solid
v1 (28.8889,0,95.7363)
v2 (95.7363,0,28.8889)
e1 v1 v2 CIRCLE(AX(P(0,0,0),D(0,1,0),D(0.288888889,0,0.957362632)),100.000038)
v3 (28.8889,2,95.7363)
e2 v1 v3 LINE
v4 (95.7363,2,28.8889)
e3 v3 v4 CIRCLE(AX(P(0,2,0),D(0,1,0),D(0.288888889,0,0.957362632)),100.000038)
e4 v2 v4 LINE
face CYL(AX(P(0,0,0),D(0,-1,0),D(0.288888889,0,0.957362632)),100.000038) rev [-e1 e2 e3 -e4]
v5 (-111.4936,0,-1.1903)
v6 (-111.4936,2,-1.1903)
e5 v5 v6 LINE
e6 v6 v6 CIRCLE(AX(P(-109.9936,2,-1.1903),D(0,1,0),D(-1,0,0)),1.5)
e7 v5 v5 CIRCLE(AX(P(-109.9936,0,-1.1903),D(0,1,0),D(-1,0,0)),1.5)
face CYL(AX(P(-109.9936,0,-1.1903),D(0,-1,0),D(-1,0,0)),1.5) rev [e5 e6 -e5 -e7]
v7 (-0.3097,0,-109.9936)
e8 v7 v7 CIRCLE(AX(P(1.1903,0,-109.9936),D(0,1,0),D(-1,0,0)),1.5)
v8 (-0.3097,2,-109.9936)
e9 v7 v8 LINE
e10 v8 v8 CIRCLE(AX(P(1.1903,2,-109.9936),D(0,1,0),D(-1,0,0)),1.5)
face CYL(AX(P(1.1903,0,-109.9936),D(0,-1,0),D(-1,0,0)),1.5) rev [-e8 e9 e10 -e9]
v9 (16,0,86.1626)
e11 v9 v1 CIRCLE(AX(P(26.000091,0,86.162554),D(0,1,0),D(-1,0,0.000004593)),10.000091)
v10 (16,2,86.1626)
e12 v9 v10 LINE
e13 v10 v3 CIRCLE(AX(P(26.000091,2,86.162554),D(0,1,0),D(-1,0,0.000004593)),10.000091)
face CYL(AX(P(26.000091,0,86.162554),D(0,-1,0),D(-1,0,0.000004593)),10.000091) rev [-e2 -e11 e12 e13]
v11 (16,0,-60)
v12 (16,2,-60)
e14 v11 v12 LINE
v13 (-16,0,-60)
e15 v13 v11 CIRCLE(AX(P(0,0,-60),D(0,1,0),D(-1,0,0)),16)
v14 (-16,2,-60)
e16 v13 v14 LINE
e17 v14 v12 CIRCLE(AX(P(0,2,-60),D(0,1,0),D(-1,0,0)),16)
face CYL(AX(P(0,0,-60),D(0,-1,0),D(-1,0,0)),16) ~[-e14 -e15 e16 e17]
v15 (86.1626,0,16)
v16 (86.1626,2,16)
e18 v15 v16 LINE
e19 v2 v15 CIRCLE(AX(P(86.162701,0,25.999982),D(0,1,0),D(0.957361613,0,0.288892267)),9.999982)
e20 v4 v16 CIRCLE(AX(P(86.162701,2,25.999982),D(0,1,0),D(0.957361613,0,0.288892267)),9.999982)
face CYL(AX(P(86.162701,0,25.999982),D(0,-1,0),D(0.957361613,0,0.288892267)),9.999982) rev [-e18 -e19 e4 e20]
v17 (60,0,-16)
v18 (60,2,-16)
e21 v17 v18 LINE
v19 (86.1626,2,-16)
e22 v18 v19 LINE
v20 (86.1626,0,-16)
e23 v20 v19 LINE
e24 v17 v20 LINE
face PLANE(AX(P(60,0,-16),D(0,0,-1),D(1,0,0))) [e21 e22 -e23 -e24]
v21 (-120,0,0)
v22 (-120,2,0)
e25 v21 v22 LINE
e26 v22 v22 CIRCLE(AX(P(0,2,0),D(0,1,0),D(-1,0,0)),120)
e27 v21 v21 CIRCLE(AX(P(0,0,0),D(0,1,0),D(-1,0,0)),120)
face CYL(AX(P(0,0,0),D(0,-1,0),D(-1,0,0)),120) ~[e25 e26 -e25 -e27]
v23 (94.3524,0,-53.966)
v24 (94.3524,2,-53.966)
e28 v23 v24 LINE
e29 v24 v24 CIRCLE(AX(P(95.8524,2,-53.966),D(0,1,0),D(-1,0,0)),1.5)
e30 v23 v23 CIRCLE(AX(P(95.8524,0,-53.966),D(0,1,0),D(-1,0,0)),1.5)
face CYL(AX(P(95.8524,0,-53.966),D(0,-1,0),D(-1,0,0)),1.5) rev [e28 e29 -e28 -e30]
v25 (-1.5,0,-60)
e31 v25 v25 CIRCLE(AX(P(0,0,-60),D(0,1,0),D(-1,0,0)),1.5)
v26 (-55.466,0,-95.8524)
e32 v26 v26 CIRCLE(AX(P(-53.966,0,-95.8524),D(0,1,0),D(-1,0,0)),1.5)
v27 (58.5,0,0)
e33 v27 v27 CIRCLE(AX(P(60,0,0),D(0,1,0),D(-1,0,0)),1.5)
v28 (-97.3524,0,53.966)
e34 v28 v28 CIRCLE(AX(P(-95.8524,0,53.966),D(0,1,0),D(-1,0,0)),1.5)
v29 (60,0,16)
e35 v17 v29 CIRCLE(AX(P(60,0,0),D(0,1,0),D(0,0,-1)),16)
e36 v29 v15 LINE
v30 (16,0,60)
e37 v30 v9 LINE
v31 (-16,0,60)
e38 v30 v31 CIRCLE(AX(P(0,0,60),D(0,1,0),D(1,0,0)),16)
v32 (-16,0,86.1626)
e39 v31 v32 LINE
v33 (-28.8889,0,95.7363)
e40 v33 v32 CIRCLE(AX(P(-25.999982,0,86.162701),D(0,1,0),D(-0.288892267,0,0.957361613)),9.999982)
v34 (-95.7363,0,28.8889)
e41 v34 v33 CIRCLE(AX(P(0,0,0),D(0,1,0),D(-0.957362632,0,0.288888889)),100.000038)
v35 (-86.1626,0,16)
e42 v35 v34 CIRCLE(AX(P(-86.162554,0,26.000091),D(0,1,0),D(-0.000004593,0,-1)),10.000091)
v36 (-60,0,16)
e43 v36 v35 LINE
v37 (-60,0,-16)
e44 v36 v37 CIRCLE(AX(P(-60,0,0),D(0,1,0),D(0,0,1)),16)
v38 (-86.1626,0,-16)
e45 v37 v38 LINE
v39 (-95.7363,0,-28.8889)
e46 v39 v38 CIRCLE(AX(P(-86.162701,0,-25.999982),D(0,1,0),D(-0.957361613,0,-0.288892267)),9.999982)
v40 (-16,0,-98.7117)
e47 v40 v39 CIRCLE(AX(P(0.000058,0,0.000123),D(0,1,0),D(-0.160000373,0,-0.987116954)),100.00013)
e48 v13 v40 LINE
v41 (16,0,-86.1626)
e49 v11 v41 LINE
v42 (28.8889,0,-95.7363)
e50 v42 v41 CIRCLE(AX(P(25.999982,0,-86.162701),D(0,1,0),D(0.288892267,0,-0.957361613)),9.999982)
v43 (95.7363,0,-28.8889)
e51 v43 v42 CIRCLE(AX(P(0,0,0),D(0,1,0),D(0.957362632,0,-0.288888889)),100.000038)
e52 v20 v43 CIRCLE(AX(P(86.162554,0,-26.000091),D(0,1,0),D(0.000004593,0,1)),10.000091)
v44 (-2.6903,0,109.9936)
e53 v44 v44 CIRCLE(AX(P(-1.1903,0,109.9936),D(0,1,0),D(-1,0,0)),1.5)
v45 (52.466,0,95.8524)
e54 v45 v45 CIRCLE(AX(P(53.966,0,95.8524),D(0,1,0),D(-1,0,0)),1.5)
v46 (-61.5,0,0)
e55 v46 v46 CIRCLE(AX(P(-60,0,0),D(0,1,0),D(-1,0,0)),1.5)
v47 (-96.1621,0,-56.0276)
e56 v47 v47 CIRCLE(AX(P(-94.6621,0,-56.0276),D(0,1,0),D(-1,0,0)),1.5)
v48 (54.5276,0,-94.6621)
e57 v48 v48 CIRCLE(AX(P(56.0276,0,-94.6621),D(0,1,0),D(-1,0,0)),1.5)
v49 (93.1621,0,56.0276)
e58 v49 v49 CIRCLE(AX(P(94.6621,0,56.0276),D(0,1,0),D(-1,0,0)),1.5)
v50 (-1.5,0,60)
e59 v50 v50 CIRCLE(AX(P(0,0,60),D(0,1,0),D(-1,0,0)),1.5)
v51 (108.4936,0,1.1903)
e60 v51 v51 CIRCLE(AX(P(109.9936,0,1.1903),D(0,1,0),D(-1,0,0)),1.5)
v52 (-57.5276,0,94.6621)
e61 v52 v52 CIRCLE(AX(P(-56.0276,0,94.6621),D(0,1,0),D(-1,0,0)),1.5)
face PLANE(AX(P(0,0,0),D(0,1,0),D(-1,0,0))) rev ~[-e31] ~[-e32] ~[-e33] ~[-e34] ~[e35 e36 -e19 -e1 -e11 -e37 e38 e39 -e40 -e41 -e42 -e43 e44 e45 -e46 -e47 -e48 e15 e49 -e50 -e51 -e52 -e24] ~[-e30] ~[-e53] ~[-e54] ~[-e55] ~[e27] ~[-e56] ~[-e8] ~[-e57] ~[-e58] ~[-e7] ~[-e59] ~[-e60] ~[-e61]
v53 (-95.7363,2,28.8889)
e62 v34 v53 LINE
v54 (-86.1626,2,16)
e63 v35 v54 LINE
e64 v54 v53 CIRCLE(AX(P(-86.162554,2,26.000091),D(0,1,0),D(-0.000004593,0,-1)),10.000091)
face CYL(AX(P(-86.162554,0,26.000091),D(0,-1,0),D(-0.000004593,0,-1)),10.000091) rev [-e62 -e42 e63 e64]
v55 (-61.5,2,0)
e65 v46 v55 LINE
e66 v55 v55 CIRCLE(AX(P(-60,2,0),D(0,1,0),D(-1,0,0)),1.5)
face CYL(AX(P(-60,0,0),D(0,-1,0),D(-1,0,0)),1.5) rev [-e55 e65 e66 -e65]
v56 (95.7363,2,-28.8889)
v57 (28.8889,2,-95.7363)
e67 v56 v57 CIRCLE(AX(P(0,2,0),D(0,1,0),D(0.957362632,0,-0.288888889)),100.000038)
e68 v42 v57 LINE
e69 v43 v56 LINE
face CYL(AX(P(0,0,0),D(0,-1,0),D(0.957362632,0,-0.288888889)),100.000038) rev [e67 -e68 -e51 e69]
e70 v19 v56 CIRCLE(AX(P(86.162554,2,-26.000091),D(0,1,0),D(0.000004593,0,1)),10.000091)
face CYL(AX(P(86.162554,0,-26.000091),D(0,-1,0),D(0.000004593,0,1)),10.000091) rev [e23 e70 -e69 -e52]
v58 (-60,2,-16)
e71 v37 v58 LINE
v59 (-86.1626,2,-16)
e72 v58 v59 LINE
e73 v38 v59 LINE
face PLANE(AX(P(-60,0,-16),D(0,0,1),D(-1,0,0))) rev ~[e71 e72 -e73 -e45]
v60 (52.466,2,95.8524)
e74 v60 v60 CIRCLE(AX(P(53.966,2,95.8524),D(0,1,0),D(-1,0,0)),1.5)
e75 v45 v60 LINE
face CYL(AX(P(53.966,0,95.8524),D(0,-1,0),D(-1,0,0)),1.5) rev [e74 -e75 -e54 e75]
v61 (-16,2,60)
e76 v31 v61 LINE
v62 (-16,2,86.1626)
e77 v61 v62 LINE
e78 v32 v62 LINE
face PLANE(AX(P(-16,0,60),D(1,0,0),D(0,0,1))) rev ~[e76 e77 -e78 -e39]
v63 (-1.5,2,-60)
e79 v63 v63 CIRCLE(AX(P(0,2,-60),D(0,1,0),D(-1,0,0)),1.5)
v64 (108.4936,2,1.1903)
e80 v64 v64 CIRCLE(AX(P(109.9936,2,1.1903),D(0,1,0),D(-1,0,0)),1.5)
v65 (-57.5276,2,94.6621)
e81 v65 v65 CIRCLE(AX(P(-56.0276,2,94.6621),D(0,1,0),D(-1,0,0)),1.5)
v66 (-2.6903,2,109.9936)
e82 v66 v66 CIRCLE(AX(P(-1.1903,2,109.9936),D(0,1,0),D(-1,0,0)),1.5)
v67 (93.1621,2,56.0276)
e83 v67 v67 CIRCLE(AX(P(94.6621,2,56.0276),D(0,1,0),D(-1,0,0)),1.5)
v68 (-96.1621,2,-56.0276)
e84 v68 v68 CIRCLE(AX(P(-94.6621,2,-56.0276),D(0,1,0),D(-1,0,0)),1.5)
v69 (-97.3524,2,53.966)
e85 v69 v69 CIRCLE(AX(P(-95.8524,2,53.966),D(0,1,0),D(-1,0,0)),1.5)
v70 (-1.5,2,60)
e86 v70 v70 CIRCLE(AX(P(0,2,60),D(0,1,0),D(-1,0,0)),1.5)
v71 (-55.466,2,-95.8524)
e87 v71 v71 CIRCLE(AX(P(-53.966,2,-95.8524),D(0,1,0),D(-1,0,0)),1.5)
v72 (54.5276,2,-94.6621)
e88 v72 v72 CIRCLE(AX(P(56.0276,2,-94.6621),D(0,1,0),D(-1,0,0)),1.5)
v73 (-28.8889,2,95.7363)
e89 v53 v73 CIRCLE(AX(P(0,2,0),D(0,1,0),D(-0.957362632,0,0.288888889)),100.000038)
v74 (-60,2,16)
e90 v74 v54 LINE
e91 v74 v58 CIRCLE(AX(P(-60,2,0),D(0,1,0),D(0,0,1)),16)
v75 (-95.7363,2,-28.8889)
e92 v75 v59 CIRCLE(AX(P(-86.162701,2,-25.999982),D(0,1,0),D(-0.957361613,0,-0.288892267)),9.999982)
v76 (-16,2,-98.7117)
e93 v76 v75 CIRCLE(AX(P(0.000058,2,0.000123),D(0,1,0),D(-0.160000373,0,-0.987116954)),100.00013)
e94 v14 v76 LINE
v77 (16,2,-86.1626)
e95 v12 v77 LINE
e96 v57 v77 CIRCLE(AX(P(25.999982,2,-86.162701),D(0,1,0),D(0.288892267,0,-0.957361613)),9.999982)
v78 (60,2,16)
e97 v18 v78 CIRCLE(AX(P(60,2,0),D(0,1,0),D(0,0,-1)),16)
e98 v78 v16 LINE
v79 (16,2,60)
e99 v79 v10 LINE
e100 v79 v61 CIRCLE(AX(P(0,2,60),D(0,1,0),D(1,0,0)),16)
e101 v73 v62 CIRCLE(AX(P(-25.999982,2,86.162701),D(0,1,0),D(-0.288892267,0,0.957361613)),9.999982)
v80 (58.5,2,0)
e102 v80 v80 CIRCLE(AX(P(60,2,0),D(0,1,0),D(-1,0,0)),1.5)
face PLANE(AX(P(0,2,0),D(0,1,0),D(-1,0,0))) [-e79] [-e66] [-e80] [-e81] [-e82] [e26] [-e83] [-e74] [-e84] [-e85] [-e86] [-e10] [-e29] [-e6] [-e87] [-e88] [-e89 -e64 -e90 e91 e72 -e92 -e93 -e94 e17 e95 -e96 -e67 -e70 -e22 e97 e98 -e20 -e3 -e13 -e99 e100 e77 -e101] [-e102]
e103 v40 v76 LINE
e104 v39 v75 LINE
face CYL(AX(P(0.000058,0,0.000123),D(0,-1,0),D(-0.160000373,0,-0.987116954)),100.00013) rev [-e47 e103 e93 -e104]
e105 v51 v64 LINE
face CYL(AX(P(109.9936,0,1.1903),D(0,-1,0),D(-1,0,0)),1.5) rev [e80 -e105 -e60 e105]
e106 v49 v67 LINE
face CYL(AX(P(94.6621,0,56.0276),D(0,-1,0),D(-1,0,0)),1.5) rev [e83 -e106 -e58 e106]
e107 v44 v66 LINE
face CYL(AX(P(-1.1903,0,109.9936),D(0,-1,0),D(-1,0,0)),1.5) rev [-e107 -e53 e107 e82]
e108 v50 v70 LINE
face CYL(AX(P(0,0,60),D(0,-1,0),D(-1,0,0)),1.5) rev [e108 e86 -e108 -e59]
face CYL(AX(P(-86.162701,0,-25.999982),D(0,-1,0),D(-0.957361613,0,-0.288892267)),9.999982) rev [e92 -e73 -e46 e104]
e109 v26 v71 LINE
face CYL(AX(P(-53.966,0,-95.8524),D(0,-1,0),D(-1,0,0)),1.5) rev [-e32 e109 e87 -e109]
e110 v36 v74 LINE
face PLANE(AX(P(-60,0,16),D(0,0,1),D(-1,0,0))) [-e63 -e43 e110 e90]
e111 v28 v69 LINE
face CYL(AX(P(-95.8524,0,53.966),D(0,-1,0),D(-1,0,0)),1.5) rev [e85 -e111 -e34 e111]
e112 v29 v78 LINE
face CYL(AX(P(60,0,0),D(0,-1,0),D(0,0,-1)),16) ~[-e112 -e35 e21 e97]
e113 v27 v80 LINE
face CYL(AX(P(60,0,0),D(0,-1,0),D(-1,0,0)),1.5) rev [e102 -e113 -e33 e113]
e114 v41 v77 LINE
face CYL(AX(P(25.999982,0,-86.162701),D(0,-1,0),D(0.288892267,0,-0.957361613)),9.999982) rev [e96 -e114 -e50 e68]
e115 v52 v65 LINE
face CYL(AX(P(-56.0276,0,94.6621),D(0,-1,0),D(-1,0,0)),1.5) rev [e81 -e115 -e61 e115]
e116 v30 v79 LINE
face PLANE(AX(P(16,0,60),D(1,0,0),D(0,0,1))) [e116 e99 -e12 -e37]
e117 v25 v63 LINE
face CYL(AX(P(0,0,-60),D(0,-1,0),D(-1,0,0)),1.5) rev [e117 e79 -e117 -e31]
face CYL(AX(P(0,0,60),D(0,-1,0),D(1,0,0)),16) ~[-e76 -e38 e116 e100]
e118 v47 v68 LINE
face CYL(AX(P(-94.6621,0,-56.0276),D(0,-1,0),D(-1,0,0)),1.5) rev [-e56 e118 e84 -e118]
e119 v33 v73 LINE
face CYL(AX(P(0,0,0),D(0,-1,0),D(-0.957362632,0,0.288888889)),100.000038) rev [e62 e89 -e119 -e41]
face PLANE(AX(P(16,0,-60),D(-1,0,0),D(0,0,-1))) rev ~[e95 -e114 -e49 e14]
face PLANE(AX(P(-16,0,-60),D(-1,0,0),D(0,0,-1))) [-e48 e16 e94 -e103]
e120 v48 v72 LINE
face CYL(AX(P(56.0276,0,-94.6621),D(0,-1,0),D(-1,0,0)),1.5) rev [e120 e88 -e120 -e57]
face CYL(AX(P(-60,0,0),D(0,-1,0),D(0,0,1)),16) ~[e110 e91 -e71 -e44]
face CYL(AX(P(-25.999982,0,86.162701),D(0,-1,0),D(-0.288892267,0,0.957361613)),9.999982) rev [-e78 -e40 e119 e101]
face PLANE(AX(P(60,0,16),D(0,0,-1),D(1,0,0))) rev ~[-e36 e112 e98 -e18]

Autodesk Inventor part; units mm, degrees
ref_plane "YZ Plane" through (0, 0, 0) normal (1, 0, 0) x (0, 1, 0)
ref_plane "XZ Plane" through (0, 0, 0) normal (0, 1, 0) x (-1, 0, 0)
ref_plane "XY Plane" through (0, 0, 0) normal (0, 0, 1) x (1, 0, 0)
sketch "Sketch1" plane through (0, 0, 0) normal (0, 1, 0) x (-1, 0, 0)
  circle A0 centre (60, 0) radius 1.5
  circle A1 centre (0, -60) radius 1.5
  circle A2 centre (-60, 0) radius 1.5
  circle A3 centre (0, 60) radius 1.5
  arc A4 (60, 16) -> (60, -16) centre (60, 0) ccw
  arc A5 (16, -60) -> (-16, -60) centre (0, -60) ccw
  arc A6 (-60, -16) -> (-60, 16) centre (-60, 0) ccw
  arc A7 (-16, 60) -> (16, 60) centre (0, 60) ccw
  circle A8 centre (0, 0) radius 120
  line L0 (16, 60) -> (16, 86.1626)
  line L1 (-16, 60) -> (-16, 86.1626)
  line L2 (-60, 16) -> (-86.1626, 16)
  line L3 (-60, -16) -> (-86.1626, -16)
  line L4 (-16, -60) -> (-16, -86.1626)
  line L5 (16, -60) -> (16, -98.7117)
  line L6 (60, 16) -> (86.1626, 16)
  line L7 (60, -16) -> (86.1626, -16)
  arc A9 (-28.8889, 95.7363) -> (-95.7363, 28.8889) centre (0, 0) ccw
  arc A10 (-95.7363, -28.8889) -> (-28.8889, -95.7363) centre (0, 0) ccw
  arc A11 (16, -98.7117) -> (95.7363, -28.8889) centre (0, 0) ccw
  arc A12 (95.7363, 28.8889) -> (28.8889, 95.7363) centre (0, 0) ccw
  arc A13 (28.8889, 95.7363) -> (16, 86.1626) centre (26, 86.1626) ccw
  arc A14 (86.1626, 16) -> (95.7363, 28.8889) centre (86.1626, 26) ccw
  arc A15 (95.7363, -28.8889) -> (86.1626, -16) centre (86.1626, -26) ccw
  arc A16 (-28.8889, -95.7363) -> (-16, -86.1626) centre (-26, -86.1626) ccw
  arc A17 (-86.1626, -16) -> (-95.7363, -28.8889) centre (-86.1626, -26) ccw
  arc A18 (-95.7363, 28.8889) -> (-86.1626, 16) centre (-86.1626, 26) ccw
  arc A19 (-16, 86.1626) -> (-28.8889, 95.7363) centre (-26, 86.1626) ccw
  line L8 (0, 0) -> (110, 0) construction
  circle A20 centre (95.8524, 53.966) radius 1.5
  circle A21 centre (56.0276, 94.6621) radius 1.5
  circle A22 centre (1.1903, 109.9936) radius 1.5
  circle A23 centre (-53.966, 95.8524) radius 1.5
  circle A24 centre (-94.6621, 56.0276) radius 1.5
  circle A25 centre (-109.9936, 1.1903) radius 1.5
  circle A26 centre (-95.8524, -53.966) radius 1.5
  circle A27 centre (-56.0276, -94.6621) radius 1.5
  circle A28 centre (-1.1903, -109.9936) radius 1.5
  circle A29 centre (53.966, -95.8524) radius 1.5
  circle A30 centre (94.6621, -56.0276) radius 1.5
  circle A31 centre (109.9936, -1.1903) radius 1.5
  point P0 (16, 98.7117)
  point P1 (-16, 98.7117)
  point P2 (-98.7117, 16)
  point P3 (-98.7117, -16)
  point P4 (-16, -98.7117)
  point P5 (98.7117, 16)
  point P6 (98.7117, -16)
  dimension "d1" = 3
  dimension "d2" = 3
  dimension "d3" = 3
  dimension "d4" = 3
  dimension "d5" = 32
  dimension "d6" = 32
  dimension "d7" = 32
  dimension "d8" = 32
  dimension "d14" = 10
  dimension "d17" = 3
  dimension "d20" = 360
extrude "Extrusion1" add sketch "Sketch1" along normal blind 2
properties part number "shell top bracket"
